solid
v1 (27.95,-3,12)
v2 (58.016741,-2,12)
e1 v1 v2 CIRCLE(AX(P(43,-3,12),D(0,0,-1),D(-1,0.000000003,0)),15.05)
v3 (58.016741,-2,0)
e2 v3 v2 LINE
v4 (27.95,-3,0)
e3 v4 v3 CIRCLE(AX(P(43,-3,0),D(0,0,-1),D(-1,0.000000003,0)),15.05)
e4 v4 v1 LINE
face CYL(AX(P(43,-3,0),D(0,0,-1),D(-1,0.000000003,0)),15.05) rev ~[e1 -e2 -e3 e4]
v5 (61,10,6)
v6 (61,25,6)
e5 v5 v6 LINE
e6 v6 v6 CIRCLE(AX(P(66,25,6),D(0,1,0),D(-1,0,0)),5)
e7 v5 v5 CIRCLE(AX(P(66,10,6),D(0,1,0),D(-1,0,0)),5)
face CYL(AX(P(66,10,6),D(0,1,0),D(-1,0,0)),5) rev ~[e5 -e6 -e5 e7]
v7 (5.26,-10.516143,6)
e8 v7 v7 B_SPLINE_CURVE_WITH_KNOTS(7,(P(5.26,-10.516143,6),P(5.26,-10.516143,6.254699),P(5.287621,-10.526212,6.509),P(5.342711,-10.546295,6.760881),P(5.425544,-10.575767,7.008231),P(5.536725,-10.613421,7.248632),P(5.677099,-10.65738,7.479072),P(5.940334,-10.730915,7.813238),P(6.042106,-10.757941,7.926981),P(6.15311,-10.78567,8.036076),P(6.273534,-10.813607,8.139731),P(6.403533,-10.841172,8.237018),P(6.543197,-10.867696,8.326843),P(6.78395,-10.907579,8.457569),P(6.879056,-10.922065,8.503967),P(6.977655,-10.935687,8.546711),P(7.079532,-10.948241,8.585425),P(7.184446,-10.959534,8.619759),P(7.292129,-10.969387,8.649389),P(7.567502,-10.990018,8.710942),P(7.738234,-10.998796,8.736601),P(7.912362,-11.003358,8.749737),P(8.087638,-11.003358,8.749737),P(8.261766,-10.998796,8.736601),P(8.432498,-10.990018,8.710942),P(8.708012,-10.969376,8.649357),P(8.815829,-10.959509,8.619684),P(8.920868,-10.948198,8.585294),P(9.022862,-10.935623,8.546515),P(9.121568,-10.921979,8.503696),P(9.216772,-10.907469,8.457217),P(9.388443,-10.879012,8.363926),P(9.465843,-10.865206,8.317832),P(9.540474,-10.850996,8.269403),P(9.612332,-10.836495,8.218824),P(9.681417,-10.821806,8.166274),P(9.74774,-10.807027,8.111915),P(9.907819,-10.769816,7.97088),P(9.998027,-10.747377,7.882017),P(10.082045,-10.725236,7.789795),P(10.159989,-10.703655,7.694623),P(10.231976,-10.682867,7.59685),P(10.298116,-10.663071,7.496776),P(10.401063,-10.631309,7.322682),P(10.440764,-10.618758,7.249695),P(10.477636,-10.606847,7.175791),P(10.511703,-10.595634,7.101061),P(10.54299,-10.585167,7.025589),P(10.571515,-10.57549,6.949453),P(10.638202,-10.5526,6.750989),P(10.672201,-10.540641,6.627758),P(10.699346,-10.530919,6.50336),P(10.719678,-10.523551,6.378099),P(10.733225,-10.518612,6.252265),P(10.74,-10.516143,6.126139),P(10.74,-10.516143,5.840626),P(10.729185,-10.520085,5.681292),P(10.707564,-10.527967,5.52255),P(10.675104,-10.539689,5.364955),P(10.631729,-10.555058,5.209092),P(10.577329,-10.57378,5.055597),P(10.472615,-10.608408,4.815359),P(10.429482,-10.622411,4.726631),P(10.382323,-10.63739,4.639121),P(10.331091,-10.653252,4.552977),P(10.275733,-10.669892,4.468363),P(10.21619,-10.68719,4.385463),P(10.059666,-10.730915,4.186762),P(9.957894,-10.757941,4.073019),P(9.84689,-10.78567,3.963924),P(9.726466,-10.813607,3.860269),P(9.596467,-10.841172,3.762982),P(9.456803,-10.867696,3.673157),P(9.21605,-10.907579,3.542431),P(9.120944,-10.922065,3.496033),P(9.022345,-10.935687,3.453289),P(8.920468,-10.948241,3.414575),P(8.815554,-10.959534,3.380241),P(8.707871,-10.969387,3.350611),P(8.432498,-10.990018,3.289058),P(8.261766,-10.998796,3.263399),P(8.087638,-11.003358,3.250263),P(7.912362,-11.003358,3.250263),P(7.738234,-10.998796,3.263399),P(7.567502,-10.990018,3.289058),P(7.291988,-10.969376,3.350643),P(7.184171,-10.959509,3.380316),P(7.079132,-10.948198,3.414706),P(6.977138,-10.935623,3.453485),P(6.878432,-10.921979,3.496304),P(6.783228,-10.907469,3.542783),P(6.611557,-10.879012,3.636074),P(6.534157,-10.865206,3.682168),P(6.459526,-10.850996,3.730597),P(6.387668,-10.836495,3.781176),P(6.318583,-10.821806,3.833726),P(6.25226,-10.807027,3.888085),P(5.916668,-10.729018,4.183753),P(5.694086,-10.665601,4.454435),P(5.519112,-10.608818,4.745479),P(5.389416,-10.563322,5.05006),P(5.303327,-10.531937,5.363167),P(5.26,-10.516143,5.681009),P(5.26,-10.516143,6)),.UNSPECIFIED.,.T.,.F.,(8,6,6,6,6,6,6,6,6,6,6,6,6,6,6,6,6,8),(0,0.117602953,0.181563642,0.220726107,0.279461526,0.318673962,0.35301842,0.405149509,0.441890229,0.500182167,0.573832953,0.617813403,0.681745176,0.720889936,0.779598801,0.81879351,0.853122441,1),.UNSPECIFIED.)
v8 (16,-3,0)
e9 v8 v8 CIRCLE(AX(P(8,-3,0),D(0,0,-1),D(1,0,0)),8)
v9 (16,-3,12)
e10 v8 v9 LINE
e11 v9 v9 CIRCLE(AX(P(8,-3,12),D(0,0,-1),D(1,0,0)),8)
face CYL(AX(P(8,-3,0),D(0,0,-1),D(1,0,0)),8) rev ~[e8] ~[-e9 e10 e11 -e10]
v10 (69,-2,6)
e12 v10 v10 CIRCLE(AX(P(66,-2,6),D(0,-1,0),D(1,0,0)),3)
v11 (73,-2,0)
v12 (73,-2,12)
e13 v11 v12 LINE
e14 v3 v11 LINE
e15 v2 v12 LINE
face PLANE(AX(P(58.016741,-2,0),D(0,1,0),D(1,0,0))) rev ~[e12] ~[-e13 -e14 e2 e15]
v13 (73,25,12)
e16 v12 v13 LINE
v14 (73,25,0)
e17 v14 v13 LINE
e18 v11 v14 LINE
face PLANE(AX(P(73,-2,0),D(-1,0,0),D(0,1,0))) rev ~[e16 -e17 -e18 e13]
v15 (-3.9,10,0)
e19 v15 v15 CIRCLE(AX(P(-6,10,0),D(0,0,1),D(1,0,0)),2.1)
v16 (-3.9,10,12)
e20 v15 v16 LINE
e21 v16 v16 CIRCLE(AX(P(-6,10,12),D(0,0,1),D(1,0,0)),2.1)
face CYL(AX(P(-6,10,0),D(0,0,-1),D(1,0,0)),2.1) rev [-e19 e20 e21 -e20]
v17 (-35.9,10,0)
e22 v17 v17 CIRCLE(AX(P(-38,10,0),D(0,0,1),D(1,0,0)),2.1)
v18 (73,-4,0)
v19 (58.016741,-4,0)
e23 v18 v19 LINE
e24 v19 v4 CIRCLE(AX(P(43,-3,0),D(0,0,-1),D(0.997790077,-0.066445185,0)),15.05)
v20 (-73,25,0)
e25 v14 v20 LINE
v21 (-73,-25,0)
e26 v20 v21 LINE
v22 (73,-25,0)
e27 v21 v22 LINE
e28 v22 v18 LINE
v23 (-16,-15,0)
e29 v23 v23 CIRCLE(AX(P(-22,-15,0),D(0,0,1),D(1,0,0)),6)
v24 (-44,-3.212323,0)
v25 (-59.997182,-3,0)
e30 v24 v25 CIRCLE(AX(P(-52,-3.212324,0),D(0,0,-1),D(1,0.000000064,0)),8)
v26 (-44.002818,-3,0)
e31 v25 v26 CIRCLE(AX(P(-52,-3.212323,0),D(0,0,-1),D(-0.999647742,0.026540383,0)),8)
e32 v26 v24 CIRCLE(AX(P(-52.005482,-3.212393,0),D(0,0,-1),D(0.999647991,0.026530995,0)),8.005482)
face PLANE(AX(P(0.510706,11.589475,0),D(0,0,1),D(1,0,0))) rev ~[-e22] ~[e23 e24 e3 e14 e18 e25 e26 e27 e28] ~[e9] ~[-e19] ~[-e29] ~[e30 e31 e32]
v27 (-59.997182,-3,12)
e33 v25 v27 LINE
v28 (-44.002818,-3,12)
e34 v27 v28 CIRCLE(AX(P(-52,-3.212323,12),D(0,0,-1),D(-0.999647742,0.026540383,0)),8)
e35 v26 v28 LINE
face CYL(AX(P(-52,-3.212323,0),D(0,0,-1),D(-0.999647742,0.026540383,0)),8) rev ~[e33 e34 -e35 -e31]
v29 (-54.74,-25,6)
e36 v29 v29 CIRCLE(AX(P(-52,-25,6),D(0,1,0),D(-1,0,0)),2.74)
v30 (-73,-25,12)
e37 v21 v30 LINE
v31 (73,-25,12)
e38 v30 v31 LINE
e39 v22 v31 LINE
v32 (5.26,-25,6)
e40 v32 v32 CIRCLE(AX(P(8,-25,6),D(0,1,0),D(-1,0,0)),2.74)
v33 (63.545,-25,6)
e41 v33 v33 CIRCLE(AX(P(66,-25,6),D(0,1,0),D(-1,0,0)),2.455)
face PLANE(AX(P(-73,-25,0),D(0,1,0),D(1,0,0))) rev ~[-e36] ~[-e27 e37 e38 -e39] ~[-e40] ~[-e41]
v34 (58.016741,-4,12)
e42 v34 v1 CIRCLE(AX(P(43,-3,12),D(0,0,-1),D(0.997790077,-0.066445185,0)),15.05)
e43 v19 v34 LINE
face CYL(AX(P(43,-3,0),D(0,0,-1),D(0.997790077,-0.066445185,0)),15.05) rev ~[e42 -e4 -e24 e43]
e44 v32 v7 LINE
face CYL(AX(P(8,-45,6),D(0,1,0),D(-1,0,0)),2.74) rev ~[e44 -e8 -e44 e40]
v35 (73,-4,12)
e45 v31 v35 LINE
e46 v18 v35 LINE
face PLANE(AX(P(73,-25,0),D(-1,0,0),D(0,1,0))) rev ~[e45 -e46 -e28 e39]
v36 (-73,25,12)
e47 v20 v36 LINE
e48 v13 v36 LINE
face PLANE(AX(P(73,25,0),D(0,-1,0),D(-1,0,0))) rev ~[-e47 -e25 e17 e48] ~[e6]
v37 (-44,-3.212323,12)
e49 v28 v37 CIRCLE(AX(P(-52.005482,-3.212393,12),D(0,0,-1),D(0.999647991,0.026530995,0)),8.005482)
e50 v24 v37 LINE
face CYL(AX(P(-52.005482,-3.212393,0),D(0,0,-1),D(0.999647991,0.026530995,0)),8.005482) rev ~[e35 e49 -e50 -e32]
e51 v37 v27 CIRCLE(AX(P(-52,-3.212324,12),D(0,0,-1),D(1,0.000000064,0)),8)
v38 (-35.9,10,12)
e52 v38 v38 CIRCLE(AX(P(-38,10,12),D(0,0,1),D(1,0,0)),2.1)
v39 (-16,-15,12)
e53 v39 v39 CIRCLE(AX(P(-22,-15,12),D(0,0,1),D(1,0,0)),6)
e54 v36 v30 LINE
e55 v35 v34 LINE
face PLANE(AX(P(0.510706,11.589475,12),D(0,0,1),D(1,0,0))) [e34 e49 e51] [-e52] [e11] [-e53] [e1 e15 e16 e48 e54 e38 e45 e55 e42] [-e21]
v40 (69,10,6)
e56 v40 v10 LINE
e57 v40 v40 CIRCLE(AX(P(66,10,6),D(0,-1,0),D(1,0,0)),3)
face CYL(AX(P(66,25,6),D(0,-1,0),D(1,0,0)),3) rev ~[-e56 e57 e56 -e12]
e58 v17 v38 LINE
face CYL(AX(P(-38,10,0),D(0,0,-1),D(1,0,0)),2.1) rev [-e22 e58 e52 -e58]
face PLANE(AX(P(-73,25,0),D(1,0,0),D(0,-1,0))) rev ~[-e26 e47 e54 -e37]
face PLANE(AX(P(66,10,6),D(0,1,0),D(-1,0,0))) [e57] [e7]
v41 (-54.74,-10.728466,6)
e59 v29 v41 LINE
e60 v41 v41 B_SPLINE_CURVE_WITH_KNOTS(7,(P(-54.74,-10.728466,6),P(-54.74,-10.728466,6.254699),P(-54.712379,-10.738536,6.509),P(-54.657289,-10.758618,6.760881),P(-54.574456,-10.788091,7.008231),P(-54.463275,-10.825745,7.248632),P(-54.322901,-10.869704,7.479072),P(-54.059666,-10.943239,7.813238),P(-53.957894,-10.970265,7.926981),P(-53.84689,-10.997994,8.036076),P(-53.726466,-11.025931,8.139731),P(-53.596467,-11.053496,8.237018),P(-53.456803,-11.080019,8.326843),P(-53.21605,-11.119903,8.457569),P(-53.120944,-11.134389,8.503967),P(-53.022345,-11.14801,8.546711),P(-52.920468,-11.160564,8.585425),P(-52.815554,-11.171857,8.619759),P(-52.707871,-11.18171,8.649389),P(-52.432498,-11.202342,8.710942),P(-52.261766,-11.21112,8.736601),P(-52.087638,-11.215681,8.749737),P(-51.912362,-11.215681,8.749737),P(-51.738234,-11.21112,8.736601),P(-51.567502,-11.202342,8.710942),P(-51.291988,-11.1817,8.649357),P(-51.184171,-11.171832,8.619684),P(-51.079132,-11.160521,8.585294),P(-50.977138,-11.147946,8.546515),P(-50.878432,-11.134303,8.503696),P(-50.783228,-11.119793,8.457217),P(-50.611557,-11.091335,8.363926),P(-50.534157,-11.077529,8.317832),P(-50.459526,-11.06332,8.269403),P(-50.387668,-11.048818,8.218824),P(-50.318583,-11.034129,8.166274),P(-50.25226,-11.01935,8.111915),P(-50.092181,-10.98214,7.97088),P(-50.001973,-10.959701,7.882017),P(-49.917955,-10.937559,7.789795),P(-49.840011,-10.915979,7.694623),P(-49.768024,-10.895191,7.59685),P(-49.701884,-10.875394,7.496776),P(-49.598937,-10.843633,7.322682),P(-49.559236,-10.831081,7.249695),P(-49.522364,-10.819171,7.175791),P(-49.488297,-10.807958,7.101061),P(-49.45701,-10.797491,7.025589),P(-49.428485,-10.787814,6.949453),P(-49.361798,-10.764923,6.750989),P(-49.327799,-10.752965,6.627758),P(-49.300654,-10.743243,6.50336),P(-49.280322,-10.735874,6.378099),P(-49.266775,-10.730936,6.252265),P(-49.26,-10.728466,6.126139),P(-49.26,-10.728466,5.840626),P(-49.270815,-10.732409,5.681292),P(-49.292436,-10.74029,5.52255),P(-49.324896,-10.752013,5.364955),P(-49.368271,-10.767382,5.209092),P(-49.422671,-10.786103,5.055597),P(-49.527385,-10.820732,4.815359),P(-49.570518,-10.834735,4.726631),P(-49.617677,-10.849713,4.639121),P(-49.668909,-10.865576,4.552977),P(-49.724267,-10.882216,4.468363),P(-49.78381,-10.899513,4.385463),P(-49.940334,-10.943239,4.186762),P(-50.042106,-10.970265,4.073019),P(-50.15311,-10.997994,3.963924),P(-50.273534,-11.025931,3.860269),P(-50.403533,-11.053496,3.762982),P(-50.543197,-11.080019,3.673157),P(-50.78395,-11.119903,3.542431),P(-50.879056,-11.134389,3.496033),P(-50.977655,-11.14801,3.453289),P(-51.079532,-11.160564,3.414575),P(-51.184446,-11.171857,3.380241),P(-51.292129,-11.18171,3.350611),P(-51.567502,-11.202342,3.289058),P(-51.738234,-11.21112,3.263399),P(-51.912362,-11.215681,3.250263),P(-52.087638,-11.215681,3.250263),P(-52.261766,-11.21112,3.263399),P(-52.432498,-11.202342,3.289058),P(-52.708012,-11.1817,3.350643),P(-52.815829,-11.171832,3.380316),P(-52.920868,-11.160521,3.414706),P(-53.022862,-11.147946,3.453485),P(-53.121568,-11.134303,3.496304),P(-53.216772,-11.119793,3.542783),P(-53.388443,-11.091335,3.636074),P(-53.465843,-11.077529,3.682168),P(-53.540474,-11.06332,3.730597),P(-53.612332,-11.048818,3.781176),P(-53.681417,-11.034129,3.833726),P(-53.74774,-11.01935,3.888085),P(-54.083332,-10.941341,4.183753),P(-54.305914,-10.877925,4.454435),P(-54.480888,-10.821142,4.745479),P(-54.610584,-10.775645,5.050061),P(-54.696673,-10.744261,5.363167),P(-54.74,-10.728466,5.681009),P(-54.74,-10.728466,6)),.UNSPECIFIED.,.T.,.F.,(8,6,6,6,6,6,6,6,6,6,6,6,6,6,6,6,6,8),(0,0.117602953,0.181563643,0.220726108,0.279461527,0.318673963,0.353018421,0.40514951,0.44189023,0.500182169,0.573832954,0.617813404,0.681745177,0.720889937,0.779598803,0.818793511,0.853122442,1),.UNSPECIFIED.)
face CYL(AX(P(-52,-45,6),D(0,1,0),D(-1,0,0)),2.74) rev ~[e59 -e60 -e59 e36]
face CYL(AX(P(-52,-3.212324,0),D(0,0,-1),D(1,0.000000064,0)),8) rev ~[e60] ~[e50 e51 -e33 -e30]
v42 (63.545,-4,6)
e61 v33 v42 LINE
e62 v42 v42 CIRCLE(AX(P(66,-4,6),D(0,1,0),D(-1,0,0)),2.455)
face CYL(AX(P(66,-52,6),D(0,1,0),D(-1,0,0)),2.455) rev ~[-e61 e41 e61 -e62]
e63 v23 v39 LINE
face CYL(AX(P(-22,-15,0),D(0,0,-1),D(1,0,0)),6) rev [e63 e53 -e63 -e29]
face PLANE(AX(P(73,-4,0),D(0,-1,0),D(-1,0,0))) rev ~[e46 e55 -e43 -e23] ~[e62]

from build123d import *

# Parameters (mm, degrees)
F0_R           = 2.1
F0_R_2         = 6
F1_DEPTH       = 12
F3_D           = 4.91
F3_DEPTH       = 27
F5_D           = 6
F5_DEPTH       = 27
F5_CBORE_D     = 10
F5_CBORE_DEPTH = 15
F7_D           = 5.48
F7_DEPTH       = 20


with BuildPart() as f1:
    # F0 (on Top) → F1 (new body)
    with BuildSketch(Plane.XY):
        with BuildLine():
            Line((-73, 25), (-73, -3))
            Line((-73, -3), (-59.997182, -3))
            ThreePointArc((-59.997182, -3), (-52, 4.787677), (-44.002818, -3))
            Line((-44.002818, -3), (0, -3))
            ThreePointArc((0, -3), (8, 5), (16, -3))
            Line((16, -3), (27.95, -3))
            ThreePointArc((27.95, -3), (42.499724, 12.041683), (58.016741, -2))
            Line((58.016741, -2), (73, -2))
            Line((73, -2), (73, 25))
            Line((73, 25), (-73, 25))
        make_face()
        with Locations((-38, 10)):
            Circle(F0_R, mode=Mode.SUBTRACT)
        with Locations((-6, 10)):
            Circle(F0_R, mode=Mode.SUBTRACT)
        with BuildLine():
            Line((-73, -25), (73, -25))
            Line((73, -25), (73, -4))
            Line((73, -4), (58.016741, -4))
            ThreePointArc((58.016741, -4), (42.499724, -18.041683), (27.95, -3))
            Line((27.95, -3), (16, -3))
            ThreePointArc((16, -3), (8, -11), (0, -3))
            Line((0, -3), (-44.002818, -3))
            ThreePointArc((-44.002818, -3), (-44.000705, -3.106152), (-44, -3.212323))
            ThreePointArc((-44, -3.212323), (-52.106171, -11.211619), (-59.997182, -3))
            Line((-59.997182, -3), (-73, -3))
            Line((-73, -3), (-73, -25))
        make_face()
        with Locations((-22, -15)):
            Circle(F0_R_2, mode=Mode.SUBTRACT)
    extrude(amount=F1_DEPTH)

    # F3
    with Locations(Plane.XZ.offset(25)):
        with Locations((66, 6)):
            Hole(F3_D / 2, depth=F3_DEPTH)

    # F5
    with Locations(Plane(origin=(0, 25, 0), x_dir=(-1, 0, 0), z_dir=(0, 1, 0))):
        with Locations((-66, 6)):
            CounterBoreHole(F5_D / 2, F5_CBORE_D / 2, F5_CBORE_DEPTH, depth=F5_DEPTH)

    # F7
    with Locations(Plane.XZ.offset(25)):
        with Locations((-52, 6), (8, 6)):
            Hole(F7_D / 2, depth=F7_DEPTH)


solid = f1.part
